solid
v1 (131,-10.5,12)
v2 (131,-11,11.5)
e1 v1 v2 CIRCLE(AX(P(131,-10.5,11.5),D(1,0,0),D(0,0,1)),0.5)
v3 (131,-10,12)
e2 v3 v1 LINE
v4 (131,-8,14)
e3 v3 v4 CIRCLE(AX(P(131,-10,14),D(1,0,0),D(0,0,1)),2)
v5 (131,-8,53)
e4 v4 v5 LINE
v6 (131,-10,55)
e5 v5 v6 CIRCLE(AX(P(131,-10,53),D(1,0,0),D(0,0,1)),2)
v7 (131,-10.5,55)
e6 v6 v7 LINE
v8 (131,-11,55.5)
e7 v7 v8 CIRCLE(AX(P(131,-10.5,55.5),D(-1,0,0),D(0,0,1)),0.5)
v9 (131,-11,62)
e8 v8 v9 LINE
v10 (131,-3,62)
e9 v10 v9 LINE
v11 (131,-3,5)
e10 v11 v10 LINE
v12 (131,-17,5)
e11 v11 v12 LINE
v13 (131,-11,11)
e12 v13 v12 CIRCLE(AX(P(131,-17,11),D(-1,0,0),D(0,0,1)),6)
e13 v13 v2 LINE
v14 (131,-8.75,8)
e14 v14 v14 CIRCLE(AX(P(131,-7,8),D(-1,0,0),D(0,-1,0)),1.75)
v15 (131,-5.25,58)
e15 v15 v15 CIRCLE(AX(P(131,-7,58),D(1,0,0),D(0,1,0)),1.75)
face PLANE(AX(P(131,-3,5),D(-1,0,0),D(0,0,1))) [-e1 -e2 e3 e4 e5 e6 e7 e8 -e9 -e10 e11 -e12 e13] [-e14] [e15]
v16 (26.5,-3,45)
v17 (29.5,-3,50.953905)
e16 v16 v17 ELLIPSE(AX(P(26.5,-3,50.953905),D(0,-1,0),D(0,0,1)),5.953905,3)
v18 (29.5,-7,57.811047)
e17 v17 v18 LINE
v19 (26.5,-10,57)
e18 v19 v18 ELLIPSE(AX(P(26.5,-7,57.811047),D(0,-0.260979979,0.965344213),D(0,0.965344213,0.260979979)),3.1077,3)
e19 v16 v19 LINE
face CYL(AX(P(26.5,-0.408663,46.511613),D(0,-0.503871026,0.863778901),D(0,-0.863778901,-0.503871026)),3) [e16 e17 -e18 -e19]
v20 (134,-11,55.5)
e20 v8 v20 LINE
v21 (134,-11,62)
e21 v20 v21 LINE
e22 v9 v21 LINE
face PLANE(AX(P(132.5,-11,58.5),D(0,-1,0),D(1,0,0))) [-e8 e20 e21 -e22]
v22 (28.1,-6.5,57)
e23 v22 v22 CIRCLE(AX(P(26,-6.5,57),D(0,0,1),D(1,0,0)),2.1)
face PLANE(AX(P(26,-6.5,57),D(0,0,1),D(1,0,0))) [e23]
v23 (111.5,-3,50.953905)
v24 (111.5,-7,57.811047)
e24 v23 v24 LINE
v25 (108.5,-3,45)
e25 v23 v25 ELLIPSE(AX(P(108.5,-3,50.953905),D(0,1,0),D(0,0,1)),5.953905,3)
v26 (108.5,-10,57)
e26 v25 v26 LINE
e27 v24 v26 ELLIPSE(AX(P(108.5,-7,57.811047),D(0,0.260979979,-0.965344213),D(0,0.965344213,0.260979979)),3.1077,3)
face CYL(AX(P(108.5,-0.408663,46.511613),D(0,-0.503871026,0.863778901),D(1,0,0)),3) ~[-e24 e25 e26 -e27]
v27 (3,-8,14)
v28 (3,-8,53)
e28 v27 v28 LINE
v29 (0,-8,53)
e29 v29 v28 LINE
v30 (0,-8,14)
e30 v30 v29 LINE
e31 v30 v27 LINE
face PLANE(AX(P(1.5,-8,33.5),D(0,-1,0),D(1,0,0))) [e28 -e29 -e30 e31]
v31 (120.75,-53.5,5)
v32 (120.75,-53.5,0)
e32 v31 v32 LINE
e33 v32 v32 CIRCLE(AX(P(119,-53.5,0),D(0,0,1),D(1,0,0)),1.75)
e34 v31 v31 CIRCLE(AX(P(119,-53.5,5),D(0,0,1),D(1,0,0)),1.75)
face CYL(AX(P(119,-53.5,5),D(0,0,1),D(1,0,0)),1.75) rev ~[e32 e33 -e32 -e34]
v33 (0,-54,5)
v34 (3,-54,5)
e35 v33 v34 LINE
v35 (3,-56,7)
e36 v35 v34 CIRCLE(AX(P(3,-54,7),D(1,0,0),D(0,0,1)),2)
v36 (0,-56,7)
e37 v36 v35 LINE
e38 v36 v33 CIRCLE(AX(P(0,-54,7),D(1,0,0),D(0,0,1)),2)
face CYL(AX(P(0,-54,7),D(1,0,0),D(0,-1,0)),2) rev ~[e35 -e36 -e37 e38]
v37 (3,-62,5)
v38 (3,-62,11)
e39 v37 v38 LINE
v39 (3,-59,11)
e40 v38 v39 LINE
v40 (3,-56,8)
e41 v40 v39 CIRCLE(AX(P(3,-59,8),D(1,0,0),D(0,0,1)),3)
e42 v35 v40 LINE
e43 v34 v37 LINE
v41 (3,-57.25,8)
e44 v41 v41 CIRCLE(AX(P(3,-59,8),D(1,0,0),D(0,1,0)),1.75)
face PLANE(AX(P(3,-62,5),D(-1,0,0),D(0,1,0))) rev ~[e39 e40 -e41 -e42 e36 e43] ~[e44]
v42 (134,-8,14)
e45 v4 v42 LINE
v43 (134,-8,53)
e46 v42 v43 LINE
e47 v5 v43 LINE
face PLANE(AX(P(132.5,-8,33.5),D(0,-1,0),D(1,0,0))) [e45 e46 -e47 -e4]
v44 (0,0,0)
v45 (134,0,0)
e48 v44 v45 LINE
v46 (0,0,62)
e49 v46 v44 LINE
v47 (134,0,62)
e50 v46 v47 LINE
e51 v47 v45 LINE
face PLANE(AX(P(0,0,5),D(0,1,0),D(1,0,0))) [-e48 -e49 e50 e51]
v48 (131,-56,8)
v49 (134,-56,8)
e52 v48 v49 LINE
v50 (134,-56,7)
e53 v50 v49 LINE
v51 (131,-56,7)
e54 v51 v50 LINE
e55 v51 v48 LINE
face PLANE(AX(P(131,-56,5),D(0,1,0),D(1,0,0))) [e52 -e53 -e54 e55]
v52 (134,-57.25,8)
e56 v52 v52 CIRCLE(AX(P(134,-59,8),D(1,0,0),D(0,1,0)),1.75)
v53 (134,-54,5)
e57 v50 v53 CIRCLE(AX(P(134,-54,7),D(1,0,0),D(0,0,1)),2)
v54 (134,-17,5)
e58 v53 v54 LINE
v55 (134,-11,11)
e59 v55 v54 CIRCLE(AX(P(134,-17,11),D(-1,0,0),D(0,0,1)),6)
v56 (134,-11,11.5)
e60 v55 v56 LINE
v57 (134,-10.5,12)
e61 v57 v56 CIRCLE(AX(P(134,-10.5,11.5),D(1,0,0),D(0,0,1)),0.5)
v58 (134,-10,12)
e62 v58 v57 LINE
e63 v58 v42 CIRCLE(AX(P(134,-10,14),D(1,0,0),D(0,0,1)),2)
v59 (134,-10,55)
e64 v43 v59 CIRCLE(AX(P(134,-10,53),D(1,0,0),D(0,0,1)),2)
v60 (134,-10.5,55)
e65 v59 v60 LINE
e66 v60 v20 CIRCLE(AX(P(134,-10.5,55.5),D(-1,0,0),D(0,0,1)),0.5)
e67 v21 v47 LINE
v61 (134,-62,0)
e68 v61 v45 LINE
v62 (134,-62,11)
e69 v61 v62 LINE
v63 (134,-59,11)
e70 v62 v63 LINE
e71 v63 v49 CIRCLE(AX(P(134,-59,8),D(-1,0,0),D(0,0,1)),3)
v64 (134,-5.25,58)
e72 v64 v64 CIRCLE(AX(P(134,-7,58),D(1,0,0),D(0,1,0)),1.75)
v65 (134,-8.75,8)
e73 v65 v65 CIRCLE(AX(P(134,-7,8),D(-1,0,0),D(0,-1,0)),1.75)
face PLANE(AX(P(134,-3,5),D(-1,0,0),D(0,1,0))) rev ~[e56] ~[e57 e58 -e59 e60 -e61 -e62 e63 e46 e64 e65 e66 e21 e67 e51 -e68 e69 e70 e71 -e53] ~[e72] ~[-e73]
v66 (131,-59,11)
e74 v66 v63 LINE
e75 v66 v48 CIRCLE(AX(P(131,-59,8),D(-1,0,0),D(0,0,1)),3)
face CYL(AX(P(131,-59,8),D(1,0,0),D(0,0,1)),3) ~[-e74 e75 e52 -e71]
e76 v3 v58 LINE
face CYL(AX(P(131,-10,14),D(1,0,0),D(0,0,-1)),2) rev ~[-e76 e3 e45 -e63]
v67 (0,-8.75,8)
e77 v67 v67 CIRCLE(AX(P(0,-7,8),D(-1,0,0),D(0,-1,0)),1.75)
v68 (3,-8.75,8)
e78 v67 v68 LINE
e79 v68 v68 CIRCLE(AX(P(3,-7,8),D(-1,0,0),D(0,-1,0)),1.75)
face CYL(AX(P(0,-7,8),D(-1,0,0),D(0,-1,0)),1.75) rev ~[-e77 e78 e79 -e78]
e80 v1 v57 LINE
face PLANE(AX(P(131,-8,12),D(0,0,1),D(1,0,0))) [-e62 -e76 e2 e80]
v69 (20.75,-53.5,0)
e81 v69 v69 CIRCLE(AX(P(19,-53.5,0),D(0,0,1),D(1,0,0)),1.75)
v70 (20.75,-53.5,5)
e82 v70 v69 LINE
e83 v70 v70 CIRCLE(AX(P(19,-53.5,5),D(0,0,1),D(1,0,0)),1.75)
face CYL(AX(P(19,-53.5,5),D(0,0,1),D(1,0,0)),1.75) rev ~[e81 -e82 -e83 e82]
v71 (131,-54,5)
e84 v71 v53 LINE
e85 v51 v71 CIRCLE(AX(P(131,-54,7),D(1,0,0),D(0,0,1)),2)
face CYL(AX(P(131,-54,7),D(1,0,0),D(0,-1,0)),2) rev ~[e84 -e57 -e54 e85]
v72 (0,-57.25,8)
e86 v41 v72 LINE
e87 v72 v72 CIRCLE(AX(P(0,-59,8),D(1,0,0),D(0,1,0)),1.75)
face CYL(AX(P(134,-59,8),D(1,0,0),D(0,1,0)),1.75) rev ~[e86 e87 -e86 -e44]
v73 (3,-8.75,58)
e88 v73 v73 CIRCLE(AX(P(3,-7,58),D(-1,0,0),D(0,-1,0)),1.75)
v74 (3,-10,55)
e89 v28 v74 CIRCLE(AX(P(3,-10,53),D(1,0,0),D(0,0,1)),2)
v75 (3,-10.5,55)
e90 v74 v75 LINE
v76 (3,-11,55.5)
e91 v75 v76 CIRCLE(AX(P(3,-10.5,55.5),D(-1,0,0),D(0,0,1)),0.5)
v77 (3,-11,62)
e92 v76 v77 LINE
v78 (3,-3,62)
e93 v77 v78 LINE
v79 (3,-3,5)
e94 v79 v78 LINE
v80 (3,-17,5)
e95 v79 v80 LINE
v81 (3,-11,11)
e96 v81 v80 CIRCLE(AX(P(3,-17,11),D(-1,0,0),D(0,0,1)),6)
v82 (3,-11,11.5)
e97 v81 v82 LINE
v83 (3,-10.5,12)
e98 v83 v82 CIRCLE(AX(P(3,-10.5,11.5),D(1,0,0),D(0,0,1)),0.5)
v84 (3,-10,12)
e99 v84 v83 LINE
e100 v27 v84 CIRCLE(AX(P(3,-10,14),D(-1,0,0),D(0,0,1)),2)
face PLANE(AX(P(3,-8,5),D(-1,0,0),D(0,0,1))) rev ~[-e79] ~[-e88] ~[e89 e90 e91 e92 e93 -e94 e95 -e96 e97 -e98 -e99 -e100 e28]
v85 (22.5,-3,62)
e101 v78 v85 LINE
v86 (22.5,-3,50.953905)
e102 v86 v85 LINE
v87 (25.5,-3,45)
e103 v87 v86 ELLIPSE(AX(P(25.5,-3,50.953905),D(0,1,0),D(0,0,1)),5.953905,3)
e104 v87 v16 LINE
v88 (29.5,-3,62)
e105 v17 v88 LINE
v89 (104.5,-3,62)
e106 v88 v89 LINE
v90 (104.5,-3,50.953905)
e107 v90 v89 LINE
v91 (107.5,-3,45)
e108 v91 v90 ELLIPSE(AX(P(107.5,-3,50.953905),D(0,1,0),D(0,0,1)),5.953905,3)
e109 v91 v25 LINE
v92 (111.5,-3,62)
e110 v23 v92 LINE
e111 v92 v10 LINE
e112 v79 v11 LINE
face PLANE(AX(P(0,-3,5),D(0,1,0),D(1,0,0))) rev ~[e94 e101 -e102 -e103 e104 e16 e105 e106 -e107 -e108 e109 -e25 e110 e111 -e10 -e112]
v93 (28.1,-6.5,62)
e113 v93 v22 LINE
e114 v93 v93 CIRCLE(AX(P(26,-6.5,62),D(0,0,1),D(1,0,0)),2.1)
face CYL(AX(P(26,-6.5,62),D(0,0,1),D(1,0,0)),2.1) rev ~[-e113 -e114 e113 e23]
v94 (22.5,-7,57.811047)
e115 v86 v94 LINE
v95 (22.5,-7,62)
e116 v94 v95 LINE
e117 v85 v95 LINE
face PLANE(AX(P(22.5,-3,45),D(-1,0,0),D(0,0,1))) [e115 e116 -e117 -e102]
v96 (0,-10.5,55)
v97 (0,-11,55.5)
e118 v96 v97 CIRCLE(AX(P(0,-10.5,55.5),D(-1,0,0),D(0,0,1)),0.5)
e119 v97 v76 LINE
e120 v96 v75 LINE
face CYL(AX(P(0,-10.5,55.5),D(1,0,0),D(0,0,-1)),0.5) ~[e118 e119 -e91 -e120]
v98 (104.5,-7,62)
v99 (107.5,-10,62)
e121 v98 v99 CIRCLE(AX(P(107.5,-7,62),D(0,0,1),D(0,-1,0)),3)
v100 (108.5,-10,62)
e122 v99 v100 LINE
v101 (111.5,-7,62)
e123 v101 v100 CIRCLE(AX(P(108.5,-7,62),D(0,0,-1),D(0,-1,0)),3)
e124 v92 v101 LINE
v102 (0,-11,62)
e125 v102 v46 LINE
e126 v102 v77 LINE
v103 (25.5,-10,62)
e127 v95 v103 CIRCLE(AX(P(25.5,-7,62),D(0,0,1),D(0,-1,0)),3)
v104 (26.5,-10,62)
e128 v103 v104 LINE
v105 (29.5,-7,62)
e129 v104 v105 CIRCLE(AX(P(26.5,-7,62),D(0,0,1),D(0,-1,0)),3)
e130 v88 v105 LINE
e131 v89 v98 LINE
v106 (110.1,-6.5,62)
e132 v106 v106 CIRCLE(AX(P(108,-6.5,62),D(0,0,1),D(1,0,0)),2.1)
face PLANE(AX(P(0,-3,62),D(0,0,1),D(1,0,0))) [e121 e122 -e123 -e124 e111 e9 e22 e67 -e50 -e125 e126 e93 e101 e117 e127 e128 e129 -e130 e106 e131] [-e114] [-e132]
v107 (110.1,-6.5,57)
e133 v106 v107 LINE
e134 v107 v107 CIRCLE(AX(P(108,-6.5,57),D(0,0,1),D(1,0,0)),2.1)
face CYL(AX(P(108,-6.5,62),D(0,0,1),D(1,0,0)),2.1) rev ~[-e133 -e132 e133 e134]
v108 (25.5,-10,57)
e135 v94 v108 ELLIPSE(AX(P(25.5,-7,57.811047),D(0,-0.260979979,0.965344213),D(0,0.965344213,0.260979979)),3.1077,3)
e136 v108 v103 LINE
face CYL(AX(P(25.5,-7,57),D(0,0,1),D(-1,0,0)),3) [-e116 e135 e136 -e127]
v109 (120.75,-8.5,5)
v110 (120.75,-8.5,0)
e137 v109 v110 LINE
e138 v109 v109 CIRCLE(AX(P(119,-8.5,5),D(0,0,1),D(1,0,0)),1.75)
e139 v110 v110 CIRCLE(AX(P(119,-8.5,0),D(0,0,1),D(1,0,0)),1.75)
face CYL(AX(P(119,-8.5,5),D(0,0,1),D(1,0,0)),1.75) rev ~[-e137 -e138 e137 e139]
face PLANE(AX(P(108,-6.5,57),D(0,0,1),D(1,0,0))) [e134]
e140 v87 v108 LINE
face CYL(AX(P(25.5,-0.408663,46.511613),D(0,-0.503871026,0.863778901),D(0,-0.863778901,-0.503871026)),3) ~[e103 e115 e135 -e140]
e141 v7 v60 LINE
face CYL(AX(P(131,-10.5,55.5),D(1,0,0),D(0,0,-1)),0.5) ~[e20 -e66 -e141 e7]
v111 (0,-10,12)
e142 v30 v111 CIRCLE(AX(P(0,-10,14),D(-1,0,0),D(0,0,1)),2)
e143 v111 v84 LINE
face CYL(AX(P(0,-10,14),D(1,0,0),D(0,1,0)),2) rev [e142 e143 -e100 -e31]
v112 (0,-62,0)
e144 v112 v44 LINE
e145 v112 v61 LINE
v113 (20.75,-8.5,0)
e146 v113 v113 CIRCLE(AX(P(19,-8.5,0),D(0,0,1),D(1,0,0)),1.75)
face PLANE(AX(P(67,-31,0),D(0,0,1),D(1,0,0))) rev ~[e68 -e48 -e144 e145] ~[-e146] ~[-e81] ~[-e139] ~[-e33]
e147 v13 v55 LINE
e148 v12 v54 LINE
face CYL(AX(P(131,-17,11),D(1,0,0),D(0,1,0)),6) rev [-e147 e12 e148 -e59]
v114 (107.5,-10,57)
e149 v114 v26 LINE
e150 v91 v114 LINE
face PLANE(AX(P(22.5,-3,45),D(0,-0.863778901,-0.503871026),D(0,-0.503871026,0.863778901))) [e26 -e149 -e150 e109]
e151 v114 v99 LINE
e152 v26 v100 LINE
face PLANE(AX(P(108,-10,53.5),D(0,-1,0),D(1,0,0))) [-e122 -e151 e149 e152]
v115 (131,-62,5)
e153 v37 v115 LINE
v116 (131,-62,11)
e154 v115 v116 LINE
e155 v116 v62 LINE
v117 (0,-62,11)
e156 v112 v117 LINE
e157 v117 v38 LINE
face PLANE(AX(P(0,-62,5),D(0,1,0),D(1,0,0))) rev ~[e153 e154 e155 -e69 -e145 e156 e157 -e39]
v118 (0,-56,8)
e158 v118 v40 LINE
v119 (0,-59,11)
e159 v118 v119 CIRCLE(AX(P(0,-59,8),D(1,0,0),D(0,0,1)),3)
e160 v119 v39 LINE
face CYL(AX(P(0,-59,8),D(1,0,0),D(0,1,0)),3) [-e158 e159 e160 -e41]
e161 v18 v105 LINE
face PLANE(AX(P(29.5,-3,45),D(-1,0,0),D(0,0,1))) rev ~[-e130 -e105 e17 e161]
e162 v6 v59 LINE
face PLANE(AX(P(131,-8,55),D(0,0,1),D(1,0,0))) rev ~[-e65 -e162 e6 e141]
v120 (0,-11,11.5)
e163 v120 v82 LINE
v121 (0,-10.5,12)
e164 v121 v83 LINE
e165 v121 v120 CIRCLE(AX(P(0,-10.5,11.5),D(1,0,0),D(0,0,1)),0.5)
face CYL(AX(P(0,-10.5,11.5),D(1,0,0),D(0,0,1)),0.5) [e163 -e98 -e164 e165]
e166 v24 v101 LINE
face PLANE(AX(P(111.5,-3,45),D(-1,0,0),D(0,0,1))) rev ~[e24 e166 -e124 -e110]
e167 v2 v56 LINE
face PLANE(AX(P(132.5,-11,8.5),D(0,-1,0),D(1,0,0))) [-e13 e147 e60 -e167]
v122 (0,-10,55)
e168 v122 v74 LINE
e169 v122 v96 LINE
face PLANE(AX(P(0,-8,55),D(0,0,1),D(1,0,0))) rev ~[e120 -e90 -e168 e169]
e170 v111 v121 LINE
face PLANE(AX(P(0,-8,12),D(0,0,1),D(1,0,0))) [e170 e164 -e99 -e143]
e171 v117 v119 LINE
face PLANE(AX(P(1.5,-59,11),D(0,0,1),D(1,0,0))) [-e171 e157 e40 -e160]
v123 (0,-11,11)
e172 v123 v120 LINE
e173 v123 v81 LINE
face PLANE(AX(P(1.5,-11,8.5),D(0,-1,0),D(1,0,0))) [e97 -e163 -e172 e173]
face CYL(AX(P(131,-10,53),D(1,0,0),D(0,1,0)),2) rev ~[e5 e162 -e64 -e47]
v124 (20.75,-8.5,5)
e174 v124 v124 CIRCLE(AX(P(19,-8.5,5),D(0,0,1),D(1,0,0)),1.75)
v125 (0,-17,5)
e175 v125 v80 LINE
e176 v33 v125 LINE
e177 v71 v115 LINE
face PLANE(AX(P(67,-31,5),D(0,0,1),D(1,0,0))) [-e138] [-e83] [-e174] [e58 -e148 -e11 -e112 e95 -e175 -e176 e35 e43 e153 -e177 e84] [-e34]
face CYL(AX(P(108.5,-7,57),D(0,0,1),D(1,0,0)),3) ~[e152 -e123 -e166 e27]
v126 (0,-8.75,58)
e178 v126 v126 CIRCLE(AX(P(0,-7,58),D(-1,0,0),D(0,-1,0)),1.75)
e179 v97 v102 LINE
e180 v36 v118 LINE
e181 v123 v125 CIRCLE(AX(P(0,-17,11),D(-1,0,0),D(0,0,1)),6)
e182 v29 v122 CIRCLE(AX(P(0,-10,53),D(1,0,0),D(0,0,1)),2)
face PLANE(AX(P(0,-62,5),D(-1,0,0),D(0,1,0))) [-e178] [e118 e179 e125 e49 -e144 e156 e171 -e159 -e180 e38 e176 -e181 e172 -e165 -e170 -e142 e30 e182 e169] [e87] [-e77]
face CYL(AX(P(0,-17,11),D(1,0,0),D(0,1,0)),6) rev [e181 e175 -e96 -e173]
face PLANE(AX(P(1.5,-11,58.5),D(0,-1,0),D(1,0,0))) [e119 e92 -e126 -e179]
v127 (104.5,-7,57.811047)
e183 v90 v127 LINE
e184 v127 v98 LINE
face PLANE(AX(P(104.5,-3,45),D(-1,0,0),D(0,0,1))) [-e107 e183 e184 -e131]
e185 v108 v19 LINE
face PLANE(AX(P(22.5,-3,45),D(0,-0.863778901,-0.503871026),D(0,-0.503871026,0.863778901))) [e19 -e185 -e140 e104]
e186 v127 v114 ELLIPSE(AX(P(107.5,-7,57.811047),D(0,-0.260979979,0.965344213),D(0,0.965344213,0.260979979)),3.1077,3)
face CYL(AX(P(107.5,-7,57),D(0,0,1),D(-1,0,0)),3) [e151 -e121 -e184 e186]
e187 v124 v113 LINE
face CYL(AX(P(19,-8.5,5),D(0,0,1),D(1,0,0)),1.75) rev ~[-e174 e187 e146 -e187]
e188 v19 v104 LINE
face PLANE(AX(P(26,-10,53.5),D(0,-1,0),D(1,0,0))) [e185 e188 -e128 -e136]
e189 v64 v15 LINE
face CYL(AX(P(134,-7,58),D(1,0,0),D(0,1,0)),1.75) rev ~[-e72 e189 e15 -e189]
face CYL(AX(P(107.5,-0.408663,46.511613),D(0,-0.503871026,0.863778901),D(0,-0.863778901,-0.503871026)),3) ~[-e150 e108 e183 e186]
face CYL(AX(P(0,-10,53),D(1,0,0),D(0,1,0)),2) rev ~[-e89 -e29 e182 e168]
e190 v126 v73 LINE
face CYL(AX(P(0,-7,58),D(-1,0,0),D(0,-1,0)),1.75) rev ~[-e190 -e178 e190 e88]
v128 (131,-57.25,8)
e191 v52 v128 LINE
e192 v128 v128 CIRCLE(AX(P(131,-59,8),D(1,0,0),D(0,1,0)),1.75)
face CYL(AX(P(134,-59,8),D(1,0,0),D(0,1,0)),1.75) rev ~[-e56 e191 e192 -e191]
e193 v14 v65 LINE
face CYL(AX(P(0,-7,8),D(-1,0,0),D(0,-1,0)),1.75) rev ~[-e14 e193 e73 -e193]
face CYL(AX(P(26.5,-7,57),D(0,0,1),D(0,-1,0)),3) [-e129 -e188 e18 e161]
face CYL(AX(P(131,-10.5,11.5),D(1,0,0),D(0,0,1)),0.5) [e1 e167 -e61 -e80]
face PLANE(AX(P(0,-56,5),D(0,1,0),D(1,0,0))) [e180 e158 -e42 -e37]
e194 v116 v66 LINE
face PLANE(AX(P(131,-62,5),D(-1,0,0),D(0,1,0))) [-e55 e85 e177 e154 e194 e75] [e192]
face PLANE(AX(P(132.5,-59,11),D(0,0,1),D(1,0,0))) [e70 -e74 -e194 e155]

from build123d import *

# Parameters (mm, degrees)
SKETCH_W        = 134
SKETCH_H        = 62
PAD_DEPTH       = 5
SKETCH001_W     = 134
SKETCH001_H     = 3
PAD001_DEPTH    = 57
SKETCH002_W     = 7
SKETCH002_H     = 17
PAD002_DEPTH    = 7
POCKET_DEPTH    = 89
FILLET_R        = 3
SKETCH004_W     = 3
SKETCH004_H     = 57
PAD003_DEPTH    = 5
SKETCH005_W     = 3
SKETCH005_H     = 7
PAD004_DEPTH    = 3
SKETCH006_R     = 1.75
POCKET001_DEPTH = 134.001
SKETCH007_R     = 1.75
POCKET002_DEPTH = 5
SKETCH008_R     = 1.75
POCKET003_DEPTH = 5
SKETCH009_W     = 3
SKETCH009_H     = 6
PAD005_DEPTH    = 6
SKETCH010_R     = 1.75
POCKET004_DEPTH = 134.001
FILLET001_R     = 3
FILLET002_R     = 2
FILLET003_R     = 3
FILLET004_R     = 2
FILLET005_R     = 6
FILLET006_R     = 6
FILLET007_R     = 2
FILLET008_R     = 0.5
FILLET009_R     = 2
FILLET010_R     = 0.5
FILLET011_R     = 2
FILLET012_R     = 0.5
FILLET013_R     = 2
FILLET014_R     = 0.5
SKETCH011_R     = 1.75
POCKET005_DEPTH = 5
SKETCH012_R     = 2.1
POCKET006_DEPTH = 5


with BuildPart() as part:
    # Sketch → Pad (new body)
    with BuildSketch(Plane.XY):
        with Locations((67, -31)):
            Rectangle(SKETCH_W, SKETCH_H)
    extrude(amount=PAD_DEPTH)

    # Sketch001 (on Face6 of Pad) → Pad001 (join)
    with BuildSketch(Plane.XY.offset(5)):
        with Locations((67, -1.5)):
            Rectangle(SKETCH001_W, SKETCH001_H)
    extrude(amount=PAD001_DEPTH)

    # Sketch002 (on Face11 of Pad001) → Pad002 (join)
    with BuildSketch(Plane.XZ.offset(3)):
        with Locations((26, 53.5)):
            Rectangle(SKETCH002_W, SKETCH002_H)
        with Locations((108, 53.5)):
            Rectangle(SKETCH002_W, SKETCH002_H)
    extrude(amount=PAD002_DEPTH)

    # Sketch003 (on Face14 of Pad002) → Pocket (cut)
    with BuildSketch(Plane(origin=(22.5, 0, 0), x_dir=(0, -1, 0), z_dir=(-1, 0, 0))):
        Polygon((3, 45), (10, 57), (10, 45), align=None)
    extrude(amount=-POCKET_DEPTH, mode=Mode.SUBTRACT)

    # Fillet
    fillet_edges = [part.edges().sort_by_distance(p)[0] for p in [
        (104.5, -10, 59.5),
        (111.5, -10, 59.5),
        (111.5, -6.5, 51),
        (104.5, -6.5, 51),
        (22.5, -10, 59.5),
        (29.5, -10, 59.5),
        (29.5, -6.5, 51),
        (22.5, -6.5, 51),
    ]]
    fillet(fillet_edges, radius=FILLET_R)

    # Sketch004 (on Face1 of Fillet) → Pad003 (join)
    with BuildSketch(Plane.XZ.offset(3)):
        with Locations((1.5, 33.5)):
            Rectangle(SKETCH004_W, SKETCH004_H)
        with Locations((132.5, 33.5)):
            Rectangle(SKETCH004_W, SKETCH004_H)
    extrude(amount=PAD003_DEPTH)

    # Sketch005 (on Face32 of Pad003) → Pad004 (join)
    with BuildSketch(Plane.XZ.offset(8)):
        with Locations((1.5, 8.5)):
            Rectangle(SKETCH005_W, SKETCH005_H)
        with Locations((1.5, 58.5)):
            Rectangle(SKETCH005_W, SKETCH005_H)
        with Locations((132.5, 8.5)):
            Rectangle(SKETCH005_W, SKETCH005_H)
        with Locations((132.5, 58.5)):
            Rectangle(SKETCH005_W, SKETCH005_H)
    extrude(amount=PAD004_DEPTH)

    # Sketch006 (on Face44 of Pad004) → Pocket001 (cut, through all)
    with BuildSketch(Plane(origin=(0, 0, 0), x_dir=(0, -1, 0), z_dir=(-1, 0, 0))):
        with Locations((7, 8)):
            Circle(SKETCH006_R)
    extrude(amount=-POCKET001_DEPTH, mode=Mode.SUBTRACT)

    # Sketch007 (on Face46 of Pocket001) → Pocket002 (cut)
    with BuildSketch(Plane(origin=(0, 0, 0), x_dir=(0, -1, 0), z_dir=(-1, 0, 0))):
        with Locations((7, 58)):
            Circle(SKETCH007_R)
    extrude(amount=-POCKET002_DEPTH, mode=Mode.SUBTRACT)

    # Sketch008 (on Face45 of Pocket002) → Pocket003 (cut)
    with BuildSketch(Plane.YZ.offset(134)):
        with Locations((-7, 58)):
            Circle(SKETCH008_R)
    extrude(amount=-POCKET003_DEPTH, mode=Mode.SUBTRACT)

    # Sketch009 (on Face10 of Pocket003) → Pad005 (join)
    with BuildSketch(Plane.XY.offset(5)):
        with Locations((1.5, -59)):
            Rectangle(SKETCH009_W, SKETCH009_H)
        with Locations((132.5, -59)):
            Rectangle(SKETCH009_W, SKETCH009_H)
    extrude(amount=PAD005_DEPTH)

    # Sketch010 (on Face60 of Pad005) → Pocket004 (cut, through all)
    with BuildSketch(Plane.YZ.offset(134)):
        with Locations((-59, 8)):
            Circle(SKETCH010_R)
    extrude(amount=-POCKET004_DEPTH, mode=Mode.SUBTRACT)

    # Fillet001
    fillet001_edges = [part.edges().sort_by_distance(p)[0] for p in [
        (132.5, -56, 11),
    ]]
    fillet(fillet001_edges, radius=FILLET001_R)

    # Fillet002
    fillet002_edges = [part.edges().sort_by_distance(p)[0] for p in [
        (132.5, -56, 5),
    ]]
    fillet(fillet002_edges, radius=FILLET002_R)

    # Fillet003
    fillet003_edges = [part.edges().sort_by_distance(p)[0] for p in [
        (1.5, -56, 11),
    ]]
    fillet(fillet003_edges, radius=FILLET003_R)

    # Fillet004
    fillet004_edges = [part.edges().sort_by_distance(p)[0] for p in [
        (1.5, -56, 5),
    ]]
    fillet(fillet004_edges, radius=FILLET004_R)

    # Fillet005
    fillet005_edges = [part.edges().sort_by_distance(p)[0] for p in [
        (1.5, -11, 5),
    ]]
    fillet(fillet005_edges, radius=FILLET005_R)

    # Fillet006
    fillet006_edges = [part.edges().sort_by_distance(p)[0] for p in [
        (132.5, -11, 5),
    ]]
    fillet(fillet006_edges, radius=FILLET006_R)

    # Fillet007
    fillet007_edges = [part.edges().sort_by_distance(p)[0] for p in [
        (1.5, -8, 12),
    ]]
    fillet(fillet007_edges, radius=FILLET007_R)

    # Fillet008
    fillet008_edges = [part.edges().sort_by_distance(p)[0] for p in [
        (1.5, -11, 12),
    ]]
    fillet(fillet008_edges, radius=FILLET008_R)

    # Fillet009
    fillet009_edges = [part.edges().sort_by_distance(p)[0] for p in [
        (132.5, -8, 12),
    ]]
    fillet(fillet009_edges, radius=FILLET009_R)

    # Fillet010
    fillet010_edges = [part.edges().sort_by_distance(p)[0] for p in [
        (132.5, -11, 12),
    ]]
    fillet(fillet010_edges, radius=FILLET010_R)

    # Fillet011
    fillet011_edges = [part.edges().sort_by_distance(p)[0] for p in [
        (1.5, -8, 55),
    ]]
    fillet(fillet011_edges, radius=FILLET011_R)

    # Fillet012
    fillet012_edges = [part.edges().sort_by_distance(p)[0] for p in [
        (1.5, -11, 55),
    ]]
    fillet(fillet012_edges, radius=FILLET012_R)

    # Fillet013
    fillet013_edges = [part.edges().sort_by_distance(p)[0] for p in [
        (132.5, -8, 55),
    ]]
    fillet(fillet013_edges, radius=FILLET013_R)

    # Fillet014
    fillet014_edges = [part.edges().sort_by_distance(p)[0] for p in [
        (132.5, -11, 55),
    ]]
    fillet(fillet014_edges, radius=FILLET014_R)

    # Sketch011 (on Face13 of Fillet014) → Pocket005 (cut)
    with BuildSketch(Plane.XY.offset(5)):
        with Locations((19, -8.5)):
            Circle(SKETCH011_R)
        with Locations((19, -53.5)):
            Circle(SKETCH011_R)
        with Locations((119, -53.5)):
            Circle(SKETCH011_R)
        with Locations((119, -8.5)):
            Circle(SKETCH011_R)
    extrude(amount=-POCKET005_DEPTH, mode=Mode.SUBTRACT)

    # Sketch012 (on Face73 of Pocket005) → Pocket006 (cut)
    with BuildSketch(Plane.XY.offset(62)):
        with Locations((26, -6.5)):
            Circle(SKETCH012_R)
        with Locations((108, -6.5)):
            Circle(SKETCH012_R)
    extrude(amount=-POCKET006_DEPTH, mode=Mode.SUBTRACT)


solid = part.part
